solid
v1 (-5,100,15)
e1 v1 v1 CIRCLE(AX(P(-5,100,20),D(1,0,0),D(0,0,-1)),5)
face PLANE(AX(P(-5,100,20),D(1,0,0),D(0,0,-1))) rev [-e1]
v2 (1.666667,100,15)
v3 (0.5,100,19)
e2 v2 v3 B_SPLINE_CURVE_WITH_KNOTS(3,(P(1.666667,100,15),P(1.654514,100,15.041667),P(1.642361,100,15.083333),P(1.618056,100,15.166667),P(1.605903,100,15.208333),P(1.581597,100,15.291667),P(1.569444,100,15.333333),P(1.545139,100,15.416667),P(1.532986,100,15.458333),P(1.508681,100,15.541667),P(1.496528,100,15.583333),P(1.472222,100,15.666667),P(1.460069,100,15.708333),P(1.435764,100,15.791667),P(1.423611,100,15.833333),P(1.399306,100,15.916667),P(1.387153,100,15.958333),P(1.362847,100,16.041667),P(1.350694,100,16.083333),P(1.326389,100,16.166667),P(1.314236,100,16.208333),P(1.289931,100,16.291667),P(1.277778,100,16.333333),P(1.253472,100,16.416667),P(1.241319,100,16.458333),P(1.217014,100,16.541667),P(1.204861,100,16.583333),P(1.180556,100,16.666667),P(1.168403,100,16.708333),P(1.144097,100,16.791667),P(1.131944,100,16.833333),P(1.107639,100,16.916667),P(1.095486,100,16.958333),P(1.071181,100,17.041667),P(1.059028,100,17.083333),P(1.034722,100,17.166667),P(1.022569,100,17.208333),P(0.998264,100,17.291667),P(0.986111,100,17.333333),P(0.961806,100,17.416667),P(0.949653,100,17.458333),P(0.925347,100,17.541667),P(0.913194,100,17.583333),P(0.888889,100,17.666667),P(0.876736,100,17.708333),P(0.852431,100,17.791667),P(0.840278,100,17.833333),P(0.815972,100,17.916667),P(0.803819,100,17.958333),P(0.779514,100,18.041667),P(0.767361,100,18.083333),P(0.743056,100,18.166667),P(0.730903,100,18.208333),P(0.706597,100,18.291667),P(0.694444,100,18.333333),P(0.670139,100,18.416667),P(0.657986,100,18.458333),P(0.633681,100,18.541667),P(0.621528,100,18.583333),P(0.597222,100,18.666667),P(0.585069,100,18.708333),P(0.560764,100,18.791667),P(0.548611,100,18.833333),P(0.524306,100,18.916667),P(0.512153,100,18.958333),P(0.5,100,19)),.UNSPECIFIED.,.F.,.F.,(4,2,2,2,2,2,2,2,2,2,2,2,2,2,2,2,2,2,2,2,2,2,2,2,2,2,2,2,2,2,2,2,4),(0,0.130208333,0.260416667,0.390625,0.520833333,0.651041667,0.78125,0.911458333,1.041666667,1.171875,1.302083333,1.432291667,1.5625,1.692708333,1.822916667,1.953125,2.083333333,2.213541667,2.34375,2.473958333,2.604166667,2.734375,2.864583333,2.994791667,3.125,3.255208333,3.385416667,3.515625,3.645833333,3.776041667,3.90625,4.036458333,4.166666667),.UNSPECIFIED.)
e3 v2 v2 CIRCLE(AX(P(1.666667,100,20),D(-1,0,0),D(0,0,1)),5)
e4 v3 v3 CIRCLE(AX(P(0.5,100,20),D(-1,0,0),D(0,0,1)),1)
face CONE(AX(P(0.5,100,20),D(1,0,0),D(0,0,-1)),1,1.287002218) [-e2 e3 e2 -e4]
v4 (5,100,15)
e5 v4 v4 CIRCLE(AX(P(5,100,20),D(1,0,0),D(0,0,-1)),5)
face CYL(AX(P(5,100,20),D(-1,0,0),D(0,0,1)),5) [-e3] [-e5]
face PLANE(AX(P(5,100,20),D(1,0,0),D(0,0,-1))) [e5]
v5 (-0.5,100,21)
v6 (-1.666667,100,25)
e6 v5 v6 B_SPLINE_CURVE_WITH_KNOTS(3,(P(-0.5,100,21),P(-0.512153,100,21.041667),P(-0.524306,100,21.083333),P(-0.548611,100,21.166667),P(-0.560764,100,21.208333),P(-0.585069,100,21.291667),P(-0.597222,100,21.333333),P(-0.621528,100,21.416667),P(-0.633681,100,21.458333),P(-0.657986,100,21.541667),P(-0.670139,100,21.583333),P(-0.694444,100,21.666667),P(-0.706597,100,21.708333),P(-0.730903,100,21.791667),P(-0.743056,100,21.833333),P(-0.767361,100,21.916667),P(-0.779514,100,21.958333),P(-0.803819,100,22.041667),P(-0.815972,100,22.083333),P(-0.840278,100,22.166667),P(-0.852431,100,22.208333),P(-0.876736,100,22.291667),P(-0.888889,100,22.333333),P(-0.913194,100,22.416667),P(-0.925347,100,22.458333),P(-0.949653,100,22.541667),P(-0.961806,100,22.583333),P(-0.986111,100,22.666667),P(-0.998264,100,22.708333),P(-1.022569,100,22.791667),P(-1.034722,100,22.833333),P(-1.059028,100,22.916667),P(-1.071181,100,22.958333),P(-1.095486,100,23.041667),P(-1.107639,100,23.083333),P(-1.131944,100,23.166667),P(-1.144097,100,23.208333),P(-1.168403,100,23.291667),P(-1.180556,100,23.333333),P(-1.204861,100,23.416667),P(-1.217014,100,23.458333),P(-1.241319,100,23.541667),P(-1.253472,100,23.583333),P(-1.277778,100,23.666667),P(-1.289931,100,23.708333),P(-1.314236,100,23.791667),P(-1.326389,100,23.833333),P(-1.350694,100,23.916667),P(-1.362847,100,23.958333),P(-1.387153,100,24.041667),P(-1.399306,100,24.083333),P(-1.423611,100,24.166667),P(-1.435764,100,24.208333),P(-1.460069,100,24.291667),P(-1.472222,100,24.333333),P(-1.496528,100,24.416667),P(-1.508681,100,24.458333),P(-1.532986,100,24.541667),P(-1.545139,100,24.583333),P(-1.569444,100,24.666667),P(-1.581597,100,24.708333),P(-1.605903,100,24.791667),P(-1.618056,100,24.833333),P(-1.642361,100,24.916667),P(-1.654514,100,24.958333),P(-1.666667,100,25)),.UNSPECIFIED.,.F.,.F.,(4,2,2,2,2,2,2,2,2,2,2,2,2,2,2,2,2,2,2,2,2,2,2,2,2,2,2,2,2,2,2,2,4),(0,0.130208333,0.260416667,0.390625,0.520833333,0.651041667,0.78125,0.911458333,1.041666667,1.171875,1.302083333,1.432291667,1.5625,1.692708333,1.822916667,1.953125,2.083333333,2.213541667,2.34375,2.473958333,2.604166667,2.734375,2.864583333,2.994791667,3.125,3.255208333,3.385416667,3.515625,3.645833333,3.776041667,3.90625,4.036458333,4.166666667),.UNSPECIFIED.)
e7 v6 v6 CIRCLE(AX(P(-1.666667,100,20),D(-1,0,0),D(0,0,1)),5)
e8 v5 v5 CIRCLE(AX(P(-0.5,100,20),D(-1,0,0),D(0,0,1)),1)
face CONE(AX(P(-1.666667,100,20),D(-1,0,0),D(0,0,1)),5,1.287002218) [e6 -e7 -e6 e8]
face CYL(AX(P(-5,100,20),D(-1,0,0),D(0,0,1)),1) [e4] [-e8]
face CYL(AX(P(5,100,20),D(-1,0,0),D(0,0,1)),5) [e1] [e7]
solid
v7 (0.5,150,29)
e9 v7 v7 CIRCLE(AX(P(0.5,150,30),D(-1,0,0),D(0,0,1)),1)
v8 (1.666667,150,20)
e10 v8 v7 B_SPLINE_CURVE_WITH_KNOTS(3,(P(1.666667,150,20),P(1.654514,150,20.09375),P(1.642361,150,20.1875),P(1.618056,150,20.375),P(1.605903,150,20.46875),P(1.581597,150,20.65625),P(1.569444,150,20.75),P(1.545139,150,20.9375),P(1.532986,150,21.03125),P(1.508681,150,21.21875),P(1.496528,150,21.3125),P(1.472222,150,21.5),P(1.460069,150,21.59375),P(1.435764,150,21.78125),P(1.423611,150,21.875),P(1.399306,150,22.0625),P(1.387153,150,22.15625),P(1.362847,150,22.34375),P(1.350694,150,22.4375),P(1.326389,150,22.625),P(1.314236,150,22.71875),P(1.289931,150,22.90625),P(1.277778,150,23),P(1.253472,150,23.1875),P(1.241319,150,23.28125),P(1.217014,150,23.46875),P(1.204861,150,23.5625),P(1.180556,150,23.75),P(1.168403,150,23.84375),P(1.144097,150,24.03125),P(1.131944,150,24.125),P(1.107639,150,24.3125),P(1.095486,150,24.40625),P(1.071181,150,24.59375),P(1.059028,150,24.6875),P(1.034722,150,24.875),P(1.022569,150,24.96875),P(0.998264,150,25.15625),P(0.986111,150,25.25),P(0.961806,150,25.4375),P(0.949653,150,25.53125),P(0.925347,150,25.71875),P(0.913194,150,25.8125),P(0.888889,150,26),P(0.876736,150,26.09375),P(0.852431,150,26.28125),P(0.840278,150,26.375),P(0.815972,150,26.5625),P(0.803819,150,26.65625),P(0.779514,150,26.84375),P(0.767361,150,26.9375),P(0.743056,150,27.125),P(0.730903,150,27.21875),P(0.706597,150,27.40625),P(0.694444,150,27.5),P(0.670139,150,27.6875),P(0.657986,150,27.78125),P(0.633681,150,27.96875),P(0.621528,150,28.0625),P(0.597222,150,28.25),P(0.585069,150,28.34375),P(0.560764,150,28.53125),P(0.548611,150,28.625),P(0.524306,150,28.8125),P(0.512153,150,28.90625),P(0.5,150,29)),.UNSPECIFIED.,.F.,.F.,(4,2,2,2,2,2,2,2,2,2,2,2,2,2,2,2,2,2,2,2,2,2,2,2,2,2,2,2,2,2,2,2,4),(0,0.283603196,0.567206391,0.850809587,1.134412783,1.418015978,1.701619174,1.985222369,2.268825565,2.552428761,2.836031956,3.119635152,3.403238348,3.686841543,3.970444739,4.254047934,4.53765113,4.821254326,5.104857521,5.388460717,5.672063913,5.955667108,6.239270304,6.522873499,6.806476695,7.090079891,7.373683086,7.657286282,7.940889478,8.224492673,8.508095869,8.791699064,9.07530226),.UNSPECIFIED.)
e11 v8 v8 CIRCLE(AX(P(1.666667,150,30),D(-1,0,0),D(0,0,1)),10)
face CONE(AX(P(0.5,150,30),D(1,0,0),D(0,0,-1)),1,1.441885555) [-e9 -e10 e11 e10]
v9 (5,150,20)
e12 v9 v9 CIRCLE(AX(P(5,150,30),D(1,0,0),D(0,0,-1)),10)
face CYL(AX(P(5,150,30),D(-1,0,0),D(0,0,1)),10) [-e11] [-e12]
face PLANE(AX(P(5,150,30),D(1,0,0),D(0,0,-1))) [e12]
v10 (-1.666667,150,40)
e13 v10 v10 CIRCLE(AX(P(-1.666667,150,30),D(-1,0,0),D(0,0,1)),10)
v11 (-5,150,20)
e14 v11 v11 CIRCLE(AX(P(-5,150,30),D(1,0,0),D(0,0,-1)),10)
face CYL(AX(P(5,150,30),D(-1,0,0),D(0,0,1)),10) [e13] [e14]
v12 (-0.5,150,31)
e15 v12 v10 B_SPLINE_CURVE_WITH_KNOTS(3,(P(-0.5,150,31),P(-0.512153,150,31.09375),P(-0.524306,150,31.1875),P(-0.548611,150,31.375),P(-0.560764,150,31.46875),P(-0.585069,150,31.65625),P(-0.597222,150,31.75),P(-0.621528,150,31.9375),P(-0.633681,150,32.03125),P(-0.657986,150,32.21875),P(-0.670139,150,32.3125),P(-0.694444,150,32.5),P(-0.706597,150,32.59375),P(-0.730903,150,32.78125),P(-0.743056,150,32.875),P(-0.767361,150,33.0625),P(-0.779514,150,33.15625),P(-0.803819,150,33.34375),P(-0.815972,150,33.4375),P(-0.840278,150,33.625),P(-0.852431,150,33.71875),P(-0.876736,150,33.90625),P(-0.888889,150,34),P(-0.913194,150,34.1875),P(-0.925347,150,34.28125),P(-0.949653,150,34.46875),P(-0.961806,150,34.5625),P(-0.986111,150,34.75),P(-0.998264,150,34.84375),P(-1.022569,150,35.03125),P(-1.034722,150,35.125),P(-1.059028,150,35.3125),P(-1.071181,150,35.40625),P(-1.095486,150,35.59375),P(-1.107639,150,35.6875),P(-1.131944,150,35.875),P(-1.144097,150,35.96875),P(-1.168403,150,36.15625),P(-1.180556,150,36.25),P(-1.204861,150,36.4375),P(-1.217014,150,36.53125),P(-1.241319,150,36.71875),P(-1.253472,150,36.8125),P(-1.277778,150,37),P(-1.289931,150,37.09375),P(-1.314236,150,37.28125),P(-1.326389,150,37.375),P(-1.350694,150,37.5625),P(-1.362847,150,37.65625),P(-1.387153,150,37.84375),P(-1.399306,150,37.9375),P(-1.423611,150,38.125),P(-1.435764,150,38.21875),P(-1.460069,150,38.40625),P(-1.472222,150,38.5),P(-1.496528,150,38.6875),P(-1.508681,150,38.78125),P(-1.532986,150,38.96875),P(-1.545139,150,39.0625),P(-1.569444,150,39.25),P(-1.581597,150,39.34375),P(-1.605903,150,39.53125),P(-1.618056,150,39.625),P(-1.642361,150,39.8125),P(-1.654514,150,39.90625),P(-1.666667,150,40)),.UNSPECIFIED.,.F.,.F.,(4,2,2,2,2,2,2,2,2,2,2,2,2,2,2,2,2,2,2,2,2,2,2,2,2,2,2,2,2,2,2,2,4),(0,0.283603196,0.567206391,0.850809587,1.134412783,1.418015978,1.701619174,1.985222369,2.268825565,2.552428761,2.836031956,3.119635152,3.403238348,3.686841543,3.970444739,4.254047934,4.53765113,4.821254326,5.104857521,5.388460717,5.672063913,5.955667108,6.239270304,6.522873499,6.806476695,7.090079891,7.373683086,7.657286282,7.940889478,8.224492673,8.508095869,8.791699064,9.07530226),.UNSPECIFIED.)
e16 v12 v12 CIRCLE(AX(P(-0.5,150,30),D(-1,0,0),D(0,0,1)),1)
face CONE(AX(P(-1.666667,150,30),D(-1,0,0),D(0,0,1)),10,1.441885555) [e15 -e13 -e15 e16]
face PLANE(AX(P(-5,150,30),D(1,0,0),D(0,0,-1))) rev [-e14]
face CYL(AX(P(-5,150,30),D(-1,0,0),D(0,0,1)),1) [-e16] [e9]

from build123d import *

# Parameters (mm, degrees)
SKETCH1_R             = 10
BOSS_EXTRUDE1_DEPTH   = 5
SKETCH1_R_2           = 5
BOSS_EXTRUDE1_2_DEPTH = 5


with BuildPart() as part:
    # Sketch1 → Boss-Extrude1 (new, symmetric)
    with BuildSketch(Plane(origin=(0, 0, 0), x_dir=(0, 0, -1), z_dir=(1, 0, 0))):
        with Locations((-30, 150)):
            Circle(SKETCH1_R)
    extrude(amount=BOSS_EXTRUDE1_DEPTH, both=True)

    # Sketch3 → Cut-Revolve4 (revolve, cut)
    with BuildSketch(Plane.XY.offset(30), mode=Mode.PRIVATE) as cut_revolve4_sk:
        Polygon((1.666666667, 160), (-1.666666667, 160), (-0.5, 151), (0.5, 151), align=None)
    revolve(cut_revolve4_sk.sketch.rotate(Axis((-5, 150, 30), (1, 0, 0)), 90), axis=Axis((-5, 150, 30), (1, 0, 0)), mode=Mode.SUBTRACT)


with BuildPart() as body_2:
    # Sketch1 → Boss-Extrude1 2 (new, symmetric)
    with BuildSketch(Plane(origin=(0, 0, 0), x_dir=(0, 0, -1), z_dir=(1, 0, 0))):
        with Locations((-20, 100)):
            Circle(SKETCH1_R_2)
    extrude(amount=BOSS_EXTRUDE1_2_DEPTH, both=True)

    # Sketch2 → Cut-Revolve3 (revolve, cut)
    with BuildSketch(Plane.XY.offset(20), mode=Mode.PRIVATE) as cut_revolve3_sk:
        Polygon((0.5, 101), (-0.5, 101), (-1.666666667, 105), (1.666666667, 105), align=None)
    revolve(cut_revolve3_sk.sketch.rotate(Axis((-5, 100, 20), (1, 0, 0)), 90), axis=Axis((-5, 100, 20), (1, 0, 0)), mode=Mode.SUBTRACT)


solid = Compound([part.part, body_2.part])
